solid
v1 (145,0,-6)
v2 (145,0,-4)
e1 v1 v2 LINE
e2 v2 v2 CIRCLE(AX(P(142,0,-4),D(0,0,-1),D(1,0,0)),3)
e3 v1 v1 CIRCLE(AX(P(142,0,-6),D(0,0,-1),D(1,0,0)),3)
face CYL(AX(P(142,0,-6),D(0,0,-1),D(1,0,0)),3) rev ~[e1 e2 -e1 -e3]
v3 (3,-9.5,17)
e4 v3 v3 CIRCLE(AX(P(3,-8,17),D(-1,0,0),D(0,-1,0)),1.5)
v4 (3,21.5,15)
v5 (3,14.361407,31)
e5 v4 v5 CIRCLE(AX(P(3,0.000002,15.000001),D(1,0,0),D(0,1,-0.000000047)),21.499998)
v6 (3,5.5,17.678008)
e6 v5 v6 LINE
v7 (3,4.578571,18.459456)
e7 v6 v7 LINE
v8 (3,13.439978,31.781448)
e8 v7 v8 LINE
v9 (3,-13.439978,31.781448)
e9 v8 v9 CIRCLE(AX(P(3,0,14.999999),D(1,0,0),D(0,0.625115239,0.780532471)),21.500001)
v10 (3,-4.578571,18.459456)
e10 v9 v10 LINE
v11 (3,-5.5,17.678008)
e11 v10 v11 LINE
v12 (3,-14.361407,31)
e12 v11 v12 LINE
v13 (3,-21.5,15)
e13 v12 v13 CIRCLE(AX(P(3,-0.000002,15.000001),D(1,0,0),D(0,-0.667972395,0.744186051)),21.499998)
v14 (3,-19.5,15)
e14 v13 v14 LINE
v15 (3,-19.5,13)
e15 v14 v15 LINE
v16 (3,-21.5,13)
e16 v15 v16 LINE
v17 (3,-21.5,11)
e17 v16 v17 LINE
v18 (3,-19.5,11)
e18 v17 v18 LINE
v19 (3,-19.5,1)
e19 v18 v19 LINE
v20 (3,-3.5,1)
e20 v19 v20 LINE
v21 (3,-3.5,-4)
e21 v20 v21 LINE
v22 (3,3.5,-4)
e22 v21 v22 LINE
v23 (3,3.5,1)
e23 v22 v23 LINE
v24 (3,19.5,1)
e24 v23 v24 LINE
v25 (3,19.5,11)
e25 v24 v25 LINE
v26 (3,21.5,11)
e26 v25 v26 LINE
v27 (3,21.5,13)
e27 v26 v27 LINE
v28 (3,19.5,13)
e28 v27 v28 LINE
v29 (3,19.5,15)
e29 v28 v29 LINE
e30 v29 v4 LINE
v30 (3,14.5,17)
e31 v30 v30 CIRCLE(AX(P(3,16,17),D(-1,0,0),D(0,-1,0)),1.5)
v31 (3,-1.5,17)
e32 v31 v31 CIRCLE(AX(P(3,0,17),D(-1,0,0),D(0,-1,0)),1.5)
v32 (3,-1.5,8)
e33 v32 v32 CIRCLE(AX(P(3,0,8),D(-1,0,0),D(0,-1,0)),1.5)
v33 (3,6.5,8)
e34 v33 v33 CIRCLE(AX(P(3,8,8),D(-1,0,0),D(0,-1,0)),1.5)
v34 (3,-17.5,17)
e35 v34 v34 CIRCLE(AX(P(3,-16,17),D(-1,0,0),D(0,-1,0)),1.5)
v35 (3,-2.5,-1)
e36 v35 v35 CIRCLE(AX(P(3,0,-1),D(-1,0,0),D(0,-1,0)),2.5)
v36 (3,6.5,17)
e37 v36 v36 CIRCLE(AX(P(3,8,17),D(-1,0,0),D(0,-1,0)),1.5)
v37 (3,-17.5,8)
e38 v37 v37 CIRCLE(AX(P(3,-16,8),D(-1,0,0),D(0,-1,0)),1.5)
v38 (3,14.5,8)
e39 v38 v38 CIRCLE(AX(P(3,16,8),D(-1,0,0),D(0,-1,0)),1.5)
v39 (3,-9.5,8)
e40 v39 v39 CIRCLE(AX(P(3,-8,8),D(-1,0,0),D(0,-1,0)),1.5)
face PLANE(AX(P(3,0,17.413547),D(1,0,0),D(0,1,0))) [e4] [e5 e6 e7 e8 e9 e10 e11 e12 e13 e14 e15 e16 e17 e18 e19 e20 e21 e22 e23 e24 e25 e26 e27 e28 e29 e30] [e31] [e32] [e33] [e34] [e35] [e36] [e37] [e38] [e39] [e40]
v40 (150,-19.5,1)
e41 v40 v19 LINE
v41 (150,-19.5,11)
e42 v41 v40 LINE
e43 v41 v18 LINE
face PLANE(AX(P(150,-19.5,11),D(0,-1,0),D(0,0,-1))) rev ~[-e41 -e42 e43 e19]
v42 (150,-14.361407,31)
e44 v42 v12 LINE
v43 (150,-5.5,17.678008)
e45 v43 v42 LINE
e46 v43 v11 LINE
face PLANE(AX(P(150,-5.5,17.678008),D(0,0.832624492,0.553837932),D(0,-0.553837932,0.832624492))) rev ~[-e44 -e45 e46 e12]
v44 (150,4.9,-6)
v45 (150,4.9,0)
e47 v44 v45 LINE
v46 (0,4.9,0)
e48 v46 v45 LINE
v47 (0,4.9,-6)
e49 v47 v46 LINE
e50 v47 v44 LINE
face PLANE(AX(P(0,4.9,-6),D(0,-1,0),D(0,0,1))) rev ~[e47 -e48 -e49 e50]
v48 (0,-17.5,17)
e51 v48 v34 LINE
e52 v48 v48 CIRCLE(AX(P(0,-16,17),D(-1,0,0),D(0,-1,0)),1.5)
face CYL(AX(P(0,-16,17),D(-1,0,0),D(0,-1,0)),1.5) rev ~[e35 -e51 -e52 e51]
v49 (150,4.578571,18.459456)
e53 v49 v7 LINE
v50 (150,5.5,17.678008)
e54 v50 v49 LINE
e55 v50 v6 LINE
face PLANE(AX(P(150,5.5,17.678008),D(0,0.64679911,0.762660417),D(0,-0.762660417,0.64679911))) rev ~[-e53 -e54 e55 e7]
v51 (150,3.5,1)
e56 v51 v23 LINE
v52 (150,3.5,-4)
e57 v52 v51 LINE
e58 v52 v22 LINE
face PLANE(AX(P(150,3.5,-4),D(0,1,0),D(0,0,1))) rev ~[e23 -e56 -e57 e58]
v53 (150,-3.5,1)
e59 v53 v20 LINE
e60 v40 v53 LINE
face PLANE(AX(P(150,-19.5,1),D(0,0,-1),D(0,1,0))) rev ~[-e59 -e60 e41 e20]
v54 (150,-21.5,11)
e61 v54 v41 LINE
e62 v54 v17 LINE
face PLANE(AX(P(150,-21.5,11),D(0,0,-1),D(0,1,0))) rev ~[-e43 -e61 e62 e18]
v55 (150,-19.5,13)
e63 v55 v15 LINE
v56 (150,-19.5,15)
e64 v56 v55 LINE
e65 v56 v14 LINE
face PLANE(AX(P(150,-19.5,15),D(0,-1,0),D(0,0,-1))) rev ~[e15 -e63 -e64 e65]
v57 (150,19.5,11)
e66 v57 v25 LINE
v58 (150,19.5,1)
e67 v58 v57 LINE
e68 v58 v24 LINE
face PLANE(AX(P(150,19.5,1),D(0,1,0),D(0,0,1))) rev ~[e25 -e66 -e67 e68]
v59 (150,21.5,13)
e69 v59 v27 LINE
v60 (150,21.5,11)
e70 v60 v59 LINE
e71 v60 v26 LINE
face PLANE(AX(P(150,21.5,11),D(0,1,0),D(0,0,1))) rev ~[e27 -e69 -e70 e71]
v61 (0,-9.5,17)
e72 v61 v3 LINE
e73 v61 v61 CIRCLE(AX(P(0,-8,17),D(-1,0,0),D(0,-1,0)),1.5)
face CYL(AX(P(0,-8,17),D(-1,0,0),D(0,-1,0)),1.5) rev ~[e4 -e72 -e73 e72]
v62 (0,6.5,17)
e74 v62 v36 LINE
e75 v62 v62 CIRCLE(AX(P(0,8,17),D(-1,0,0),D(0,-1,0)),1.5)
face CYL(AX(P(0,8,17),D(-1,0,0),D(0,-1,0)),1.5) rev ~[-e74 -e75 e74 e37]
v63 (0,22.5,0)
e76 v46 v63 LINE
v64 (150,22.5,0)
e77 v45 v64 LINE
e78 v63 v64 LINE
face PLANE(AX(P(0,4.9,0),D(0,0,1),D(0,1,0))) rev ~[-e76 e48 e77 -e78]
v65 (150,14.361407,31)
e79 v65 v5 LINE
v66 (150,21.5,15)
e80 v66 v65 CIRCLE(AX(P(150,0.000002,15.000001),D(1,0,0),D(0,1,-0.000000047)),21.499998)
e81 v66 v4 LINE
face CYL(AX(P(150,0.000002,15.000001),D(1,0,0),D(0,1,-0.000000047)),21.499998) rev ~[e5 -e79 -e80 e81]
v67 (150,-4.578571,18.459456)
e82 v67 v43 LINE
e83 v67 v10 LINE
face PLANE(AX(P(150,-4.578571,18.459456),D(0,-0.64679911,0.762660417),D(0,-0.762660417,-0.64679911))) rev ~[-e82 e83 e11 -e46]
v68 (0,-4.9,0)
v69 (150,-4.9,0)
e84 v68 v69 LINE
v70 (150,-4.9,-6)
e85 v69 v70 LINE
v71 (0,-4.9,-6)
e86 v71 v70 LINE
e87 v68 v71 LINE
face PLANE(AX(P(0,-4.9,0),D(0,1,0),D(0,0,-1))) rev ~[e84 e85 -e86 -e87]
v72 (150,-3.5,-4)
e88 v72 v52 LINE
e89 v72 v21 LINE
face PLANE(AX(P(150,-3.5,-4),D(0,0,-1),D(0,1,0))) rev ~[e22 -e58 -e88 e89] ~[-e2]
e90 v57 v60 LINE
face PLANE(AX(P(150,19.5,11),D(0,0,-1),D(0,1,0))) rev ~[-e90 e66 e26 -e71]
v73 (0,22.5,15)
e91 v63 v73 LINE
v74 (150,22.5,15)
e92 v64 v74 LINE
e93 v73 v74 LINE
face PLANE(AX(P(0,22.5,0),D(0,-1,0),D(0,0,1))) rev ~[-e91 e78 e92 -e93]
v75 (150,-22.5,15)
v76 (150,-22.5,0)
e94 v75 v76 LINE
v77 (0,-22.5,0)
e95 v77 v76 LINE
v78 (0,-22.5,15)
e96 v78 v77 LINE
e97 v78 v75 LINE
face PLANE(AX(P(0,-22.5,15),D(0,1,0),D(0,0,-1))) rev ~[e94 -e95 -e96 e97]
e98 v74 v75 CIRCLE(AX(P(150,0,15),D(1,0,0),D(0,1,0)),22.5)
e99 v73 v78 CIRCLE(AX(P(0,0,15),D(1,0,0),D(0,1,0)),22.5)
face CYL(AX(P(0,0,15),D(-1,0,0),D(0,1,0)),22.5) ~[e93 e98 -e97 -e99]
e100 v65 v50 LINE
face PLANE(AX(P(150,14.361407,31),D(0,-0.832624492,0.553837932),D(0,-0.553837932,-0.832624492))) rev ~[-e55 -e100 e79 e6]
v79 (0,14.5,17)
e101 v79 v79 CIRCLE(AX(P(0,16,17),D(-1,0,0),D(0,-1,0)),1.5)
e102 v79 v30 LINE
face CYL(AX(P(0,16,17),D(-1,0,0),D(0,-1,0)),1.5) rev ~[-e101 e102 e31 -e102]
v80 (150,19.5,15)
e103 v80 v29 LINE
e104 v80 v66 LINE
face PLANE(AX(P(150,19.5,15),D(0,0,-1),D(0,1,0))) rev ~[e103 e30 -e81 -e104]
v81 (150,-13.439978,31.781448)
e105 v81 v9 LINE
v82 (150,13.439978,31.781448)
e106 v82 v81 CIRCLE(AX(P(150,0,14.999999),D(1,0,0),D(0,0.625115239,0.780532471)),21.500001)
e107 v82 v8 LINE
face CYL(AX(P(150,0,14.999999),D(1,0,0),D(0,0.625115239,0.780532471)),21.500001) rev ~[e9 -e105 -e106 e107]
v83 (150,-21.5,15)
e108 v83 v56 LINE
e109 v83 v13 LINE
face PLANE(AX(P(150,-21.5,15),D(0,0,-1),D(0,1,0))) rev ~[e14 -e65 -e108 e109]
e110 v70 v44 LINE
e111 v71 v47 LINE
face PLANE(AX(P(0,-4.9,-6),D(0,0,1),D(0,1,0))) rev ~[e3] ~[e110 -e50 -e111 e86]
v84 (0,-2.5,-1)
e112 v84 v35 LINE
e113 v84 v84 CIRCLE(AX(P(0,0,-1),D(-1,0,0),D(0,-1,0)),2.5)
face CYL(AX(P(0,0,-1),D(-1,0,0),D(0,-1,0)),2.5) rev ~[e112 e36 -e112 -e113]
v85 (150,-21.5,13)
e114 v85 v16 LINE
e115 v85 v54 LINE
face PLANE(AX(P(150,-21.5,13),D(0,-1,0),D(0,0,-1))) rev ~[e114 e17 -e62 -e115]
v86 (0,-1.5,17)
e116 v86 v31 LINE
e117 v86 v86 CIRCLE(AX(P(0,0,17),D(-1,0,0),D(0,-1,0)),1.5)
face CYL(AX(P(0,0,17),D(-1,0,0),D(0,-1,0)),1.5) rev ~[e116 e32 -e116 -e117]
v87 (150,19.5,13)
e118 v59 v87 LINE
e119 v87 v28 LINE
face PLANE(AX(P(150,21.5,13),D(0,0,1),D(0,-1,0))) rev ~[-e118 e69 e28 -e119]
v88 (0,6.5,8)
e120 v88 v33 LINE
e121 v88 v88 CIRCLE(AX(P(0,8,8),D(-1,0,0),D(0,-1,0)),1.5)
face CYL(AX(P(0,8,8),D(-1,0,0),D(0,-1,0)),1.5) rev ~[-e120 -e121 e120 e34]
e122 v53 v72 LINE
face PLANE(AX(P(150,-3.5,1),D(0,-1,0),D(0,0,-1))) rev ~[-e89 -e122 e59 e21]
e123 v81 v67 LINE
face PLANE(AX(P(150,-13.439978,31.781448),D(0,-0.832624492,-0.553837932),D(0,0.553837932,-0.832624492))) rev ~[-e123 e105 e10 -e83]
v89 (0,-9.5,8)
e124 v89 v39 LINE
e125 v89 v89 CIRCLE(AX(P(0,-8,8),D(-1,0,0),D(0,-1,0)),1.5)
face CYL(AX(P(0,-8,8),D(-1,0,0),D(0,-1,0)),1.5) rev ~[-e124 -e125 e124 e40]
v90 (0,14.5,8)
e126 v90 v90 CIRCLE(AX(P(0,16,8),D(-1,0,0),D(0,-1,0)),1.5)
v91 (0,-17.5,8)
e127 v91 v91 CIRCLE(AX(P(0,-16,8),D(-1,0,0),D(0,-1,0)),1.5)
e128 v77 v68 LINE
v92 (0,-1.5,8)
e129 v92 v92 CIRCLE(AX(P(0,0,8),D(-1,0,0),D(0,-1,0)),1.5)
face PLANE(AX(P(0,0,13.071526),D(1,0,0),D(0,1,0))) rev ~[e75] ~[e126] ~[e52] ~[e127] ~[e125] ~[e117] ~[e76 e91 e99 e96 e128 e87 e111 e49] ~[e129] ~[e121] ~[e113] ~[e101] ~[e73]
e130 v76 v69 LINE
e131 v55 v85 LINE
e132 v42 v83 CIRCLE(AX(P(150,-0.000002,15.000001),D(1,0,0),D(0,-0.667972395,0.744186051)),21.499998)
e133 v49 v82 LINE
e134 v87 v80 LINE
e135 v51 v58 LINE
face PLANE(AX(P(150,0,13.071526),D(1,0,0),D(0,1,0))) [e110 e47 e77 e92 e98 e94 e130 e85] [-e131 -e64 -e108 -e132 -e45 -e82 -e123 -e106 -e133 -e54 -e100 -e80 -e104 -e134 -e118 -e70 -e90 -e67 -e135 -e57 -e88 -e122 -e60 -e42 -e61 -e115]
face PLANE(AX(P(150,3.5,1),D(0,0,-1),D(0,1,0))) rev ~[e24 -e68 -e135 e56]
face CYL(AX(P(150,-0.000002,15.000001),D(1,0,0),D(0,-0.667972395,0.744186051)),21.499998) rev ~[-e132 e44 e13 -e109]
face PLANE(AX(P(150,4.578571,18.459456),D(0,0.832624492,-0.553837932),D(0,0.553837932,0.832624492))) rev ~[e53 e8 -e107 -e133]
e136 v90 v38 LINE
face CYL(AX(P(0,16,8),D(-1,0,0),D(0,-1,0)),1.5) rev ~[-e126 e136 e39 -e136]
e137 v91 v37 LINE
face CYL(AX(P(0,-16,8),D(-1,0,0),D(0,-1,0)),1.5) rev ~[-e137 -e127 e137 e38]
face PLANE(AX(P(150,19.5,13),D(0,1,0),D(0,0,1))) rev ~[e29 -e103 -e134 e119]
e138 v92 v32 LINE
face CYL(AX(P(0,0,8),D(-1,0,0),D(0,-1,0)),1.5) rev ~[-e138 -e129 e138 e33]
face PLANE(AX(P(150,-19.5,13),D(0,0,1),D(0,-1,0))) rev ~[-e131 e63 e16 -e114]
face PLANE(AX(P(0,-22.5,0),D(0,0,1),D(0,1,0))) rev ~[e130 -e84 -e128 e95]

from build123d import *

# Parameters (mm, degrees)
F1_DEPTH = 150
F3_DEPTH = 147
F4_R     = 2.5
F5_DEPTH = 3
F6_R     = 1.5
F7_DEPTH = 3
F8_R     = 3
F9_DEPTH = 2


with BuildPart() as f1:
    # F0 (on Right) → F1 (new body)
    with BuildSketch(Plane.YZ):
        with BuildLine():
            Line((-22.5, 15), (-22.5, 0))
            Line((-22.5, 0), (-4.9, 0))
            Line((-4.9, 0), (-4.9, -6))
            Line((-4.9, -6), (4.9, -6))
            Line((4.9, -6), (4.9, 0))
            Line((4.9, 0), (22.5, 0))
            Line((22.5, 0), (22.5, 15))
            ThreePointArc((22.5, 15), (0, 37.5), (-22.5, 15))
        make_face()
    extrude(amount=F1_DEPTH)

    # F2 (on face) → F3 (cut)
    with BuildSketch(Plane.YZ.offset(150)):
        with BuildLine():
            Line((-19.5, 11), (-19.5, 1))
            Line((-19.5, 1), (-3.5, 1))
            Line((-3.5, 1), (-3.5, -4))
            Line((-3.5, -4), (3.5, -4))
            Line((3.5, -4), (3.5, 1))
            Line((3.5, 1), (19.5, 1))
            Line((19.5, 1), (19.5, 11))
            Line((19.5, 11), (21.5, 11))
            Line((21.5, 11), (21.5, 13))
            Line((21.5, 13), (19.5, 13))
            Line((19.5, 13), (19.5, 15))
            Line((19.5, 15), (21.5, 15))
            ThreePointArc((21.5, 15), (19.634412, 23.76013), (14.361407, 31))
            Line((14.361407, 31), (5.5, 17.678008))
            Line((5.5, 17.678008), (4.578571, 18.459456))
            Line((4.578571, 18.459456), (13.439978, 31.781448))
            ThreePointArc((13.439978, 31.781448), (0, 36.5), (-13.439978, 31.781448))
            Line((-13.439978, 31.781448), (-4.578571, 18.459456))
            Line((-4.578571, 18.459456), (-5.5, 17.678008))
            Line((-5.5, 17.678008), (-14.361407, 31))
            ThreePointArc((-14.361407, 31), (-19.634412, 23.76013), (-21.5, 15))
            Line((-21.5, 15), (-19.5, 15))
            Line((-19.5, 15), (-19.5, 13))
            Line((-19.5, 13), (-21.5, 13))
            Line((-21.5, 13), (-21.5, 11))
            Line((-21.5, 11), (-19.5, 11))
        make_face()
    extrude(amount=-F3_DEPTH, mode=Mode.SUBTRACT)

    # F4 (on face) → F5 (cut, through all)
    with BuildSketch(Plane(origin=(0, 0, 0), x_dir=(0, -1, 0), z_dir=(-1, 0, 0))):
        with Locations((0, -1)):
            Circle(F4_R)
    extrude(amount=-F5_DEPTH, mode=Mode.SUBTRACT)

    # F6 (on face) → F7 (cut, through all)
    with BuildSketch(Plane(origin=(0, 0, 0), x_dir=(0, -1, 0), z_dir=(-1, 0, 0))):
        with Locations((-16, 8)):
            Circle(F6_R)
        with Locations((-16, 17)):
            Circle(F6_R)
        with Locations((-8, 8)):
            Circle(F6_R)
        with Locations((-8, 17)):
            Circle(F6_R)
        with Locations((0, 8)):
            Circle(F6_R)
        with Locations((0, 17)):
            Circle(F6_R)
        with Locations((8, 8)):
            Circle(F6_R)
        with Locations((8, 17)):
            Circle(F6_R)
        with Locations((16, 8)):
            Circle(F6_R)
        with Locations((16, 17)):
            Circle(F6_R)
    extrude(amount=-F7_DEPTH, mode=Mode.SUBTRACT)

    # F8 (on face) → F9 (cut, through all)
    with BuildSketch(Plane(origin=(0, 0, -6), x_dir=(1, 0, 0), z_dir=(0, 0, -1))):
        with Locations((142, 0)):
            Circle(F8_R)
    extrude(amount=-F9_DEPTH, mode=Mode.SUBTRACT)


solid = f1.part
